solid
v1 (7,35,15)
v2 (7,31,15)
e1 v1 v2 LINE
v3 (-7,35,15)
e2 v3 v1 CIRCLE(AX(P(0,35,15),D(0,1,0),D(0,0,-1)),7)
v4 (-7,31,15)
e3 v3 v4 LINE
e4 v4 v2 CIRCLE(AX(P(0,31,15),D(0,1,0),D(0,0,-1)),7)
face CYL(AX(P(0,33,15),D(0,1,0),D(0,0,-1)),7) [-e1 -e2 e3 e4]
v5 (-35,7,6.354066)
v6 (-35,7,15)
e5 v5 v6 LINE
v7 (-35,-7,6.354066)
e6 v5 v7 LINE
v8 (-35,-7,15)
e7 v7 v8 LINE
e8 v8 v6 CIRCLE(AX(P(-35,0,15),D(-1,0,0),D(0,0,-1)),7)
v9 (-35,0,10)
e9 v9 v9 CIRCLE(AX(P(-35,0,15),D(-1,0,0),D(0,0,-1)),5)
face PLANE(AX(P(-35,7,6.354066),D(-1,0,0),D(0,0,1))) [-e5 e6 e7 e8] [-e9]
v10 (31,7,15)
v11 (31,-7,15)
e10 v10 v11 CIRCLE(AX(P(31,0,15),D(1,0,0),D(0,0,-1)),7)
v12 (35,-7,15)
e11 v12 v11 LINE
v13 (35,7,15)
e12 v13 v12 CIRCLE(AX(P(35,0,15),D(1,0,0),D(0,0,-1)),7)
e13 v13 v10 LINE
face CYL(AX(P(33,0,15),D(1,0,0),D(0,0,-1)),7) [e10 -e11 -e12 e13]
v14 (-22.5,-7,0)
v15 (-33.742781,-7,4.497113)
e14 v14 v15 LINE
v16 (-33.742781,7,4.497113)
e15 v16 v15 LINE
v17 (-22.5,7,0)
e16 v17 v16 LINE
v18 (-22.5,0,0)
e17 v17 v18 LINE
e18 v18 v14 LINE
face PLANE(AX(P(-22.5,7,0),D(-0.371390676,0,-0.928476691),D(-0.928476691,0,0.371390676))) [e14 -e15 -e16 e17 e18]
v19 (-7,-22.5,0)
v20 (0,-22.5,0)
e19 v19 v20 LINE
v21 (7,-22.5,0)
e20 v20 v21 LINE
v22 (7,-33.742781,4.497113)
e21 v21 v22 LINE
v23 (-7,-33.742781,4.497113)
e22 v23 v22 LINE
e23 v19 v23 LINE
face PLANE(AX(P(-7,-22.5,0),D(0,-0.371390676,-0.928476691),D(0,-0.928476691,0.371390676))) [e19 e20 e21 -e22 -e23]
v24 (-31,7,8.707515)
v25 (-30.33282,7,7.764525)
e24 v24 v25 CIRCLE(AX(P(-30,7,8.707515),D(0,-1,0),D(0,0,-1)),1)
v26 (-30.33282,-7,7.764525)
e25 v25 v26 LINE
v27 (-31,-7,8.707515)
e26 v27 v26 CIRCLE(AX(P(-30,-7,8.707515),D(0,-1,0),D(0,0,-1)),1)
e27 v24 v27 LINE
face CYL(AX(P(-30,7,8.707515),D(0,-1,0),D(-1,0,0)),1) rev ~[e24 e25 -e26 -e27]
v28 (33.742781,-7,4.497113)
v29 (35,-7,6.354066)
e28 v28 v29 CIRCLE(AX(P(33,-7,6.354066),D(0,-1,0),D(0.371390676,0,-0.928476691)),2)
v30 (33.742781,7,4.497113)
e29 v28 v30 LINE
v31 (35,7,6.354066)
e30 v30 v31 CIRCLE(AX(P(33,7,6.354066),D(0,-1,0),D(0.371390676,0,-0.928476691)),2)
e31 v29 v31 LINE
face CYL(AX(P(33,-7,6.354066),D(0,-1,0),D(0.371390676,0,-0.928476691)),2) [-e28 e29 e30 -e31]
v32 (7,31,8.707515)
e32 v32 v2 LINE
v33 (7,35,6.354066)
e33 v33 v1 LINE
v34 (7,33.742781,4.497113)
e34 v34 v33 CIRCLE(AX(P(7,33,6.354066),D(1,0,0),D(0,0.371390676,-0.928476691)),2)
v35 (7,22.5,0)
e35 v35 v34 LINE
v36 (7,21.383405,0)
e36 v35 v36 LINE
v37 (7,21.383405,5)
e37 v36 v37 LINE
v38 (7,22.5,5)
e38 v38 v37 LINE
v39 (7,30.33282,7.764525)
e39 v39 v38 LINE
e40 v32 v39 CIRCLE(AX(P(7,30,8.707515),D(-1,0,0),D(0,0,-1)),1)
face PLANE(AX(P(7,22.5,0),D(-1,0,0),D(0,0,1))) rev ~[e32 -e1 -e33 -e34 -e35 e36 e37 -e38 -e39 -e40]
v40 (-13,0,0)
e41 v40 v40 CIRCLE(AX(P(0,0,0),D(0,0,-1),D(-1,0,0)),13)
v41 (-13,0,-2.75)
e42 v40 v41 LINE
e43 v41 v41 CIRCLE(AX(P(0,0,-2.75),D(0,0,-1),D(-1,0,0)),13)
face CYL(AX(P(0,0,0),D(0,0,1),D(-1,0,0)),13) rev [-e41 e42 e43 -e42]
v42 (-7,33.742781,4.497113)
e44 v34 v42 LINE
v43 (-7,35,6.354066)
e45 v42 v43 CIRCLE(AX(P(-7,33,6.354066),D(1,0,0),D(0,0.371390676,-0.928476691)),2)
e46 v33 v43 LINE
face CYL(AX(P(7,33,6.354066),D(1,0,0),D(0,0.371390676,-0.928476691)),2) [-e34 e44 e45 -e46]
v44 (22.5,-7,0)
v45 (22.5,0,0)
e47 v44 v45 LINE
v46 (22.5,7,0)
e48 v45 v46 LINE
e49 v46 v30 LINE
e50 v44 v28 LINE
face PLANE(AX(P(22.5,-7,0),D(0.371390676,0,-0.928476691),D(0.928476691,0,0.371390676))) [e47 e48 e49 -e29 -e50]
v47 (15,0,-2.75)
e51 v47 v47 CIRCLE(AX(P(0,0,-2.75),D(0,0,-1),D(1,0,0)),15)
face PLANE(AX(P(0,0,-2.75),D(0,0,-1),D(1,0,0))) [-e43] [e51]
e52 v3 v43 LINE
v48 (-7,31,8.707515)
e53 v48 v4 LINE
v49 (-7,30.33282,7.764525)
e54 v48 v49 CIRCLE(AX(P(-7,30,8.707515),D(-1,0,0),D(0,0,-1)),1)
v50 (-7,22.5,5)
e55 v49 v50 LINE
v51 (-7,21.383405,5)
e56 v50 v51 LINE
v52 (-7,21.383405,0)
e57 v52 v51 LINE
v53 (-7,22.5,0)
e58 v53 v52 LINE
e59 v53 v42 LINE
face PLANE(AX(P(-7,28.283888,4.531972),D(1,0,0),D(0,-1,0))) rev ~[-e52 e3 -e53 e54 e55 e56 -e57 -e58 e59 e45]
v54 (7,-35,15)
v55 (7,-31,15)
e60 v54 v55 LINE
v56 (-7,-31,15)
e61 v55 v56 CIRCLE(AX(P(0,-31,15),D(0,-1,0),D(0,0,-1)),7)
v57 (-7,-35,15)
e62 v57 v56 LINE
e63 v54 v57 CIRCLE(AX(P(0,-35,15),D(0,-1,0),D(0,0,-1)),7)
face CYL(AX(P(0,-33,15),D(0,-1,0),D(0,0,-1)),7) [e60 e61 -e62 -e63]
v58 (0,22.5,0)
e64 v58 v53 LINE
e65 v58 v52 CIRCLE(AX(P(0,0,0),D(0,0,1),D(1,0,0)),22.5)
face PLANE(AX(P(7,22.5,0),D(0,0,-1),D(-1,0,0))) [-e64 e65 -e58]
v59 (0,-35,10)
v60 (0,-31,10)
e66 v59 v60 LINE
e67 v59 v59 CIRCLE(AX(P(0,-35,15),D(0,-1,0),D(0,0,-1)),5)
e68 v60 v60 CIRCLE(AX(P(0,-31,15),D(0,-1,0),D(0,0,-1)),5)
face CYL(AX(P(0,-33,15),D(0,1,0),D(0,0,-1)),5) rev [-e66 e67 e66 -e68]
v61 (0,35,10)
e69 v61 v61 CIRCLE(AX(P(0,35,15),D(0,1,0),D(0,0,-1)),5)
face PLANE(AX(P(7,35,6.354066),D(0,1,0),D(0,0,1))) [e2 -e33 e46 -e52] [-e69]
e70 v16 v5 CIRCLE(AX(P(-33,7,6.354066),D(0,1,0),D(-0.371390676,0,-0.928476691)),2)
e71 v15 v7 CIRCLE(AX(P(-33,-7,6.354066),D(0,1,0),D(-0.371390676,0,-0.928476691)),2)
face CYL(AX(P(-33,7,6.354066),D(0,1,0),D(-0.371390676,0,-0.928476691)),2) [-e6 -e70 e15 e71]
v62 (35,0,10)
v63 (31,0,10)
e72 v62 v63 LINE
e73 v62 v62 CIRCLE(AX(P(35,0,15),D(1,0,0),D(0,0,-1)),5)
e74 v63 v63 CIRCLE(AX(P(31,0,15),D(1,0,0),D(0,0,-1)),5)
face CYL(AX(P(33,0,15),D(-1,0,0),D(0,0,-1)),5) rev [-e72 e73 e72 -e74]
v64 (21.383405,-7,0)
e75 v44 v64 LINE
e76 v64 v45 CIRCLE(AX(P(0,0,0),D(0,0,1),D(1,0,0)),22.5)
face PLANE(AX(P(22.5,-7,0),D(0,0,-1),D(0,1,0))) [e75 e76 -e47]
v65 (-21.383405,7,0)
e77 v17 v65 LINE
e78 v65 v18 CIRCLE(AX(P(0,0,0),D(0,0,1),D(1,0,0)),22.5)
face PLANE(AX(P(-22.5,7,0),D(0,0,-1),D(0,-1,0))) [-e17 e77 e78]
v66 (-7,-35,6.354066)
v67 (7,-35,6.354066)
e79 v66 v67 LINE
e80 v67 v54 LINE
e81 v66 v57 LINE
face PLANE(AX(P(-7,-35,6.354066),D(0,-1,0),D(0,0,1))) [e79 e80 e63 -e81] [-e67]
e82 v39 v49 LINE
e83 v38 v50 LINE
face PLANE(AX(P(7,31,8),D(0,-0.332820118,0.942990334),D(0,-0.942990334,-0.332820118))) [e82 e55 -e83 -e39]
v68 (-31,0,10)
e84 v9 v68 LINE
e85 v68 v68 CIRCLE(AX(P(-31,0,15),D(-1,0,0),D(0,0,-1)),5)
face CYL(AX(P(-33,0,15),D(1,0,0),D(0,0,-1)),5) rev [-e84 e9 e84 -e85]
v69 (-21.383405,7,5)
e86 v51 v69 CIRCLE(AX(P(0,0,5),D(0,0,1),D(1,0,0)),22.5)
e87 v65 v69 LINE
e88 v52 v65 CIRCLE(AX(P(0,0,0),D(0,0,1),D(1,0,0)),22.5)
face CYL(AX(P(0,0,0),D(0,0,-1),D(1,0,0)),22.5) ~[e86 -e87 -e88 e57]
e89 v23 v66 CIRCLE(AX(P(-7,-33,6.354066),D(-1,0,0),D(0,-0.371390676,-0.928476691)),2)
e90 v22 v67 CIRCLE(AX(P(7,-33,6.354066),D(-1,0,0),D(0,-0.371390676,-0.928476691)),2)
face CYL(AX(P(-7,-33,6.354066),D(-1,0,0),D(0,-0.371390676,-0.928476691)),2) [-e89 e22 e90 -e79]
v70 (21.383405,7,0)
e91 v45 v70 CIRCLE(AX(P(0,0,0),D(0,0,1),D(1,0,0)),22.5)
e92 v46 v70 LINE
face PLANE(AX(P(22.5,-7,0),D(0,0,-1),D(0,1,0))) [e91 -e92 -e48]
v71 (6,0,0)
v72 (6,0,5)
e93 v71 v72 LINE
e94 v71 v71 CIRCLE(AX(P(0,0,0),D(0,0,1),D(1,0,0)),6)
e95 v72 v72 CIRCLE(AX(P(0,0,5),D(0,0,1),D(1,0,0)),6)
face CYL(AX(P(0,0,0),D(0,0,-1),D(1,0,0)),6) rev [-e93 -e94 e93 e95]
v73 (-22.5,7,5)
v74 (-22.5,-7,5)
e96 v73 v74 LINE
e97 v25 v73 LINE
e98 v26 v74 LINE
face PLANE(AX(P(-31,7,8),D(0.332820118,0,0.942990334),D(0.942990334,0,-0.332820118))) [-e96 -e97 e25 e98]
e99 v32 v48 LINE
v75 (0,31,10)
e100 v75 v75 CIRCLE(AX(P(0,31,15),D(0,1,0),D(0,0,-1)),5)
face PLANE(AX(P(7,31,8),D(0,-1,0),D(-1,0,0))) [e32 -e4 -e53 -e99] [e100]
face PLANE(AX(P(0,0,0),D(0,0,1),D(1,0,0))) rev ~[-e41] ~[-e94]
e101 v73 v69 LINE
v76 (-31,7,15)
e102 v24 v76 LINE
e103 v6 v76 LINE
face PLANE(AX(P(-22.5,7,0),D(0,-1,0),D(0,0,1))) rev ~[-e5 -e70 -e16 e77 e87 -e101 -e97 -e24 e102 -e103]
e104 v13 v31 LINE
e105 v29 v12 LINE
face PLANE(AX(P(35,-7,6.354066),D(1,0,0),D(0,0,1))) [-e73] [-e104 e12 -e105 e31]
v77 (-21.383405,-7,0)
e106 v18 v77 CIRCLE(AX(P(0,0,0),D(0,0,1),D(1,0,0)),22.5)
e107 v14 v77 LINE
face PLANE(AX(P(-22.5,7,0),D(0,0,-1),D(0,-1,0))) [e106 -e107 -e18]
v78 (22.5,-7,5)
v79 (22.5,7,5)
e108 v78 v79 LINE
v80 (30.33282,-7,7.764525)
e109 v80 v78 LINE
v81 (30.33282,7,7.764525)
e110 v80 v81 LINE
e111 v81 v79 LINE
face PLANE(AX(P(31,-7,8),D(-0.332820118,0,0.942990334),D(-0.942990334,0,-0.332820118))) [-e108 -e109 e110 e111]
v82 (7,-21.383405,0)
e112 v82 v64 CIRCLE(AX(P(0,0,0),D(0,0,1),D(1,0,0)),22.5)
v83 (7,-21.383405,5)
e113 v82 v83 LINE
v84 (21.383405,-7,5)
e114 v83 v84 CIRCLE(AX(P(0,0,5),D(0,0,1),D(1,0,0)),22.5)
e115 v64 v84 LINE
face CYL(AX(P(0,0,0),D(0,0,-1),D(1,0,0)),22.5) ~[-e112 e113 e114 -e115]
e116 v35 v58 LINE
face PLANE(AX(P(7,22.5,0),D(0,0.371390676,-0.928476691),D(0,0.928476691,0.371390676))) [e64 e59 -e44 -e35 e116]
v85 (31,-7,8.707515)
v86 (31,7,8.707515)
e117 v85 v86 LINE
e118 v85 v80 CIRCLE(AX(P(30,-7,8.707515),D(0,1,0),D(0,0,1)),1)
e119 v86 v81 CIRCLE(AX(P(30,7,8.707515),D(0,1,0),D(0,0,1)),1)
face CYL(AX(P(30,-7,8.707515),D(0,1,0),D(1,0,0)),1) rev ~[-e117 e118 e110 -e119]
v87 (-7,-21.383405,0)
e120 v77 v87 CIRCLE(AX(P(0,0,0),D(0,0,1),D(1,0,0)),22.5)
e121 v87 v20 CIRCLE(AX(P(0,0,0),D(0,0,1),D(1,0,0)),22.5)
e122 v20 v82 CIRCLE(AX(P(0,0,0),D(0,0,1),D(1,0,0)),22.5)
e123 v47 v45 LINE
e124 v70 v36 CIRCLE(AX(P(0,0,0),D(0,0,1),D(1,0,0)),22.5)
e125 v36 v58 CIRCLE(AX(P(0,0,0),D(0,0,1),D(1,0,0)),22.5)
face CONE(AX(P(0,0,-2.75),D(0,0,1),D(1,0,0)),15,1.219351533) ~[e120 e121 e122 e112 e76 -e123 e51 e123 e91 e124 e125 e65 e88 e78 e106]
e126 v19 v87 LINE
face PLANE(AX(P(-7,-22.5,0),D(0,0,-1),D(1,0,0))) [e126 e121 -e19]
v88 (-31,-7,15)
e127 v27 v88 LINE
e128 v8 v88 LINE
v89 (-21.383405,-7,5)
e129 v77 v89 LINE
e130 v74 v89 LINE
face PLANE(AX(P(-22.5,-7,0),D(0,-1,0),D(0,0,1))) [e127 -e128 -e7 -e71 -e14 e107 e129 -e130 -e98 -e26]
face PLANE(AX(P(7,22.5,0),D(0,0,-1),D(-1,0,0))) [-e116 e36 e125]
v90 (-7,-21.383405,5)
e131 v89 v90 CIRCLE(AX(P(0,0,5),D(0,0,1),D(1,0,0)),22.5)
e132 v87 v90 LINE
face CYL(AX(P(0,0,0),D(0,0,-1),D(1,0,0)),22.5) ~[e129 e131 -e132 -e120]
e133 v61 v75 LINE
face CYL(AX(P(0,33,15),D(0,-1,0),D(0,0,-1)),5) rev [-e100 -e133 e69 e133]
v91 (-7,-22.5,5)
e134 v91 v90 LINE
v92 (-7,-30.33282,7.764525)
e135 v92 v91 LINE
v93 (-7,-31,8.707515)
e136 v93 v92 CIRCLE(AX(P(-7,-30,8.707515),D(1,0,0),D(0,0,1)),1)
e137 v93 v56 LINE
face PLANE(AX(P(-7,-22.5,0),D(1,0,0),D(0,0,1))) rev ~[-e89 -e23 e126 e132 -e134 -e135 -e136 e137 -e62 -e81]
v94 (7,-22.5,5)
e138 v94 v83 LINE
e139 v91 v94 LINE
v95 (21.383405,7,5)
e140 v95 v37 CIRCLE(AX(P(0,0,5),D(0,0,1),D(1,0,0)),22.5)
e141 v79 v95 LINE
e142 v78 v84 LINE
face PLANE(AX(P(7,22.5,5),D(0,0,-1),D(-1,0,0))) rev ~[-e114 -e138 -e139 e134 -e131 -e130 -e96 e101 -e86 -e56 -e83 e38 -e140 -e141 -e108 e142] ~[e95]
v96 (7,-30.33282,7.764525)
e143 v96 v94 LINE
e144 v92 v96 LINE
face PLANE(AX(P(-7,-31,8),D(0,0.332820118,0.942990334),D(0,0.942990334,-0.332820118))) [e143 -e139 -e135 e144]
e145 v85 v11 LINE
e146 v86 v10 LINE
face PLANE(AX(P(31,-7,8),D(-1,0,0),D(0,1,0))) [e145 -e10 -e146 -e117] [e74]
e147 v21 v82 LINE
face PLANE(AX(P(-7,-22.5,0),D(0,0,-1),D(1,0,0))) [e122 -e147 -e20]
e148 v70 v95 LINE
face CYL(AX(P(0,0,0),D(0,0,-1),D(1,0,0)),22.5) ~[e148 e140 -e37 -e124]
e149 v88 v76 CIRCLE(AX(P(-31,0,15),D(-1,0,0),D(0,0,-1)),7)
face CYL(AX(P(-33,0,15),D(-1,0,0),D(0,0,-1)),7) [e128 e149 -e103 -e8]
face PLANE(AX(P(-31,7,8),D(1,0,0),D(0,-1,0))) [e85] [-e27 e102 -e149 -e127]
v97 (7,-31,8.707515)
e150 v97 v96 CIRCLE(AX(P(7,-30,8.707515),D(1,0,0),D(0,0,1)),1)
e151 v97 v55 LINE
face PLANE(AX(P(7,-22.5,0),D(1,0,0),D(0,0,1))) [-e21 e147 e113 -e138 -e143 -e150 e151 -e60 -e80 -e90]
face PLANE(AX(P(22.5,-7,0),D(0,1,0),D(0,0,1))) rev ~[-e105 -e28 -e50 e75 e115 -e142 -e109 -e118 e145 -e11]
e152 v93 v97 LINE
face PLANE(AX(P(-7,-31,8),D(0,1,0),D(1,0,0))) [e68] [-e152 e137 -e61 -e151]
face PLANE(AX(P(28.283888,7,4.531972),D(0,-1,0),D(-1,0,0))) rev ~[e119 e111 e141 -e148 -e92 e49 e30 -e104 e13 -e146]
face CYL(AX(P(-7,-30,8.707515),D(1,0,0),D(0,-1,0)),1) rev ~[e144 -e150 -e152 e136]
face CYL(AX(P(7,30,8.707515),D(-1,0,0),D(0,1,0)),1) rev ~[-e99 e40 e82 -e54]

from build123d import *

# Parameters (mm, degrees)
SKETCH3_R                = 22.5
SKETCH3_R_2              = 6
BOSS_EXTRUDE3_DEPTH      = 5
SKETCH4_R                = 15
SKETCH4_R_2              = 13
BOSS_EXTRUDE4_DEPTH      = 2.75
SKETCH10_R               = 7
SKETCH10_R_2             = 5
BOSS_EXTRUDE5_DEPTH      = 2
BOSS_EXTRUDE6_REACH      = 45.9
BOSS_EXTRUDE6_END_RADIUS = 7
SKETCH11_W               = 4
SKETCH11_H               = 14
BOSS_EXTRUDE7_DEPTH      = 14
SKETCH15_W               = 5
SKETCH15_H               = 14
BOSS_EXTRUDE8_DEPTH      = 1.116595
FILLET1_R                = 1
CIRPATTERN4_COUNT        = 4
FILLET1_OF_CIRPATTERN4_R = 1


with BuildPart() as part:
    # Sketch3 → Boss-Extrude3 (new body)
    with BuildSketch(Plane.XY):
        Circle(SKETCH3_R)
        Circle(SKETCH3_R_2, mode=Mode.SUBTRACT)
    extrude(amount=BOSS_EXTRUDE3_DEPTH)

    # Sketch4 → Boss-Extrude4 (add)
    with BuildSketch(Plane(origin=(0, 0, 0), x_dir=(-1, 0, 0), z_dir=(0, 0, -1))):
        with Locations(Location((0, 0, 0), (0, 0, 180))):
            Circle(SKETCH4_R)
        Circle(SKETCH4_R_2, mode=Mode.SUBTRACT)
    extrude(amount=BOSS_EXTRUDE4_DEPTH)

    # Sketch6 → Revolve1 (revolve)
    with BuildSketch(Plane(origin=(0, 0, 0), x_dir=(0, 0, -1), z_dir=(1, 0, 0)), mode=Mode.PRIVATE) as revolve1_sk:
        Polygon((0, 22.5), (0, 15), (2.75, 15), align=None)
    revolve(revolve1_sk.sketch.rotate(Axis((0, 0, 0), (0, 0, -1)), 90), axis=Axis((0, 0, 0), (0, 0, -1)))



with BuildPart() as body_2:
    # Sketch10 → Boss-Extrude5 (new, symmetric)
    with BuildSketch(Plane(origin=(33, 0, 0), x_dir=(0, 0, -1), z_dir=(1, 0, 0))):
        with Locations((-15, 0)):
            Circle(SKETCH10_R)
        with Locations((-15, 0)):
            Circle(SKETCH10_R_2, mode=Mode.SUBTRACT)
    boss_extrude5 = extrude(amount=BOSS_EXTRUDE5_DEPTH, both=True)

    # Boss-Extrude6: up to this cylinder (the profile starts outside it)
    boss_extrude6_end = Plane(origin=(33, 0, 15), z_dir=(-1, 0, 0)) * Cylinder(BOSS_EXTRUDE6_END_RADIUS, 106.8, mode=Mode.PRIVATE)
    # Sketch11 → Boss-Extrude6 (add, up to the surface)
    with BuildSketch(Plane(origin=(0, 0, 8), x_dir=(-1, 0, 0), z_dir=(0, 0, -1)), mode=Mode.PRIVATE) as boss_extrude6_sk1:
        with Locations((-33, 0)):
            Rectangle(SKETCH11_W, SKETCH11_H)
    boss_extrude6_tool1 = extrude(boss_extrude6_sk1.sketch, amount=-BOSS_EXTRUDE6_REACH, mode=Mode.PRIVATE) - boss_extrude6_end
    boss_extrude6 = boss_extrude6_tool1.solids().sort_by_distance((33, 0, 8))[0] + boss_extrude6_tool1.solids().sort_by_distance((33, 0, 8))[1]
    add(boss_extrude6)

    # Sketch12 → Boss-Extrude7 (add)
    with BuildSketch(Plane(origin=(0, -7, 0), x_dir=(1, 0, 0), z_dir=(0, 1, 0))):
        with BuildLine():
            Line((31, -8), (22.5, -5))
            Line((22.5, -5), (22.5, 0))
            Line((22.5, 0), (33.742781353, -4.497112541))
            ThreePointArc((33.742781353, -4.497112541), (34.656134461, -5.232808304), (35, -6.354065923))
            Line((35, -6.354065923), (35, -8))
            Line((35, -8), (31, -8))
        make_face()
    boss_extrude7 = extrude(amount=BOSS_EXTRUDE7_DEPTH)


with BuildPart() as part_1:
    add(part.part)

    add(body_2.part)  # Boss-Extrude8 merges body 2
    # Sketch15 → Boss-Extrude8 (add)
    with BuildSketch(Plane.ZY.offset(-22.5)):
        with Locations((2.5, 0)):
            Rectangle(SKETCH15_W, SKETCH15_H)
    boss_extrude8 = extrude(amount=BOSS_EXTRUDE8_DEPTH)

    # Fillet1
    fillet1_edges = [part_1.edges().sort_by_distance(p)[0] for p in [
        (31, 0, 8),
    ]]
    fillet(fillet1_edges, radius=FILLET1_R)

    # CirPattern4: Boss-Extrude5, Boss-Extrude6, Boss-Extrude7, Boss-Extrude8 ×4 about axis
    cirpattern4_axis = Axis((0, 0, 0), (0, 0, 1))
    add([boss_extrude5.rotate(cirpattern4_axis, i * 360 / CIRPATTERN4_COUNT) for i in range(1, CIRPATTERN4_COUNT)])
    add([boss_extrude6.rotate(cirpattern4_axis, i * 360 / CIRPATTERN4_COUNT) for i in range(1, CIRPATTERN4_COUNT)])
    add([boss_extrude7.rotate(cirpattern4_axis, i * 360 / CIRPATTERN4_COUNT) for i in range(1, CIRPATTERN4_COUNT)])
    add([boss_extrude8.rotate(cirpattern4_axis, i * 360 / CIRPATTERN4_COUNT) for i in range(1, CIRPATTERN4_COUNT)])

    # Fillet1 of CirPattern4
    fillet1_of_cirpattern4_edges = [part_1.edges().sort_by_distance(p)[0] for p in [
        (0, 31, 8),
        (-31, 0, 8),
        (0, -31, 8),
    ]]
    fillet(fillet1_of_cirpattern4_edges, radius=FILLET1_OF_CIRPATTERN4_R)


solid = part_1.part
